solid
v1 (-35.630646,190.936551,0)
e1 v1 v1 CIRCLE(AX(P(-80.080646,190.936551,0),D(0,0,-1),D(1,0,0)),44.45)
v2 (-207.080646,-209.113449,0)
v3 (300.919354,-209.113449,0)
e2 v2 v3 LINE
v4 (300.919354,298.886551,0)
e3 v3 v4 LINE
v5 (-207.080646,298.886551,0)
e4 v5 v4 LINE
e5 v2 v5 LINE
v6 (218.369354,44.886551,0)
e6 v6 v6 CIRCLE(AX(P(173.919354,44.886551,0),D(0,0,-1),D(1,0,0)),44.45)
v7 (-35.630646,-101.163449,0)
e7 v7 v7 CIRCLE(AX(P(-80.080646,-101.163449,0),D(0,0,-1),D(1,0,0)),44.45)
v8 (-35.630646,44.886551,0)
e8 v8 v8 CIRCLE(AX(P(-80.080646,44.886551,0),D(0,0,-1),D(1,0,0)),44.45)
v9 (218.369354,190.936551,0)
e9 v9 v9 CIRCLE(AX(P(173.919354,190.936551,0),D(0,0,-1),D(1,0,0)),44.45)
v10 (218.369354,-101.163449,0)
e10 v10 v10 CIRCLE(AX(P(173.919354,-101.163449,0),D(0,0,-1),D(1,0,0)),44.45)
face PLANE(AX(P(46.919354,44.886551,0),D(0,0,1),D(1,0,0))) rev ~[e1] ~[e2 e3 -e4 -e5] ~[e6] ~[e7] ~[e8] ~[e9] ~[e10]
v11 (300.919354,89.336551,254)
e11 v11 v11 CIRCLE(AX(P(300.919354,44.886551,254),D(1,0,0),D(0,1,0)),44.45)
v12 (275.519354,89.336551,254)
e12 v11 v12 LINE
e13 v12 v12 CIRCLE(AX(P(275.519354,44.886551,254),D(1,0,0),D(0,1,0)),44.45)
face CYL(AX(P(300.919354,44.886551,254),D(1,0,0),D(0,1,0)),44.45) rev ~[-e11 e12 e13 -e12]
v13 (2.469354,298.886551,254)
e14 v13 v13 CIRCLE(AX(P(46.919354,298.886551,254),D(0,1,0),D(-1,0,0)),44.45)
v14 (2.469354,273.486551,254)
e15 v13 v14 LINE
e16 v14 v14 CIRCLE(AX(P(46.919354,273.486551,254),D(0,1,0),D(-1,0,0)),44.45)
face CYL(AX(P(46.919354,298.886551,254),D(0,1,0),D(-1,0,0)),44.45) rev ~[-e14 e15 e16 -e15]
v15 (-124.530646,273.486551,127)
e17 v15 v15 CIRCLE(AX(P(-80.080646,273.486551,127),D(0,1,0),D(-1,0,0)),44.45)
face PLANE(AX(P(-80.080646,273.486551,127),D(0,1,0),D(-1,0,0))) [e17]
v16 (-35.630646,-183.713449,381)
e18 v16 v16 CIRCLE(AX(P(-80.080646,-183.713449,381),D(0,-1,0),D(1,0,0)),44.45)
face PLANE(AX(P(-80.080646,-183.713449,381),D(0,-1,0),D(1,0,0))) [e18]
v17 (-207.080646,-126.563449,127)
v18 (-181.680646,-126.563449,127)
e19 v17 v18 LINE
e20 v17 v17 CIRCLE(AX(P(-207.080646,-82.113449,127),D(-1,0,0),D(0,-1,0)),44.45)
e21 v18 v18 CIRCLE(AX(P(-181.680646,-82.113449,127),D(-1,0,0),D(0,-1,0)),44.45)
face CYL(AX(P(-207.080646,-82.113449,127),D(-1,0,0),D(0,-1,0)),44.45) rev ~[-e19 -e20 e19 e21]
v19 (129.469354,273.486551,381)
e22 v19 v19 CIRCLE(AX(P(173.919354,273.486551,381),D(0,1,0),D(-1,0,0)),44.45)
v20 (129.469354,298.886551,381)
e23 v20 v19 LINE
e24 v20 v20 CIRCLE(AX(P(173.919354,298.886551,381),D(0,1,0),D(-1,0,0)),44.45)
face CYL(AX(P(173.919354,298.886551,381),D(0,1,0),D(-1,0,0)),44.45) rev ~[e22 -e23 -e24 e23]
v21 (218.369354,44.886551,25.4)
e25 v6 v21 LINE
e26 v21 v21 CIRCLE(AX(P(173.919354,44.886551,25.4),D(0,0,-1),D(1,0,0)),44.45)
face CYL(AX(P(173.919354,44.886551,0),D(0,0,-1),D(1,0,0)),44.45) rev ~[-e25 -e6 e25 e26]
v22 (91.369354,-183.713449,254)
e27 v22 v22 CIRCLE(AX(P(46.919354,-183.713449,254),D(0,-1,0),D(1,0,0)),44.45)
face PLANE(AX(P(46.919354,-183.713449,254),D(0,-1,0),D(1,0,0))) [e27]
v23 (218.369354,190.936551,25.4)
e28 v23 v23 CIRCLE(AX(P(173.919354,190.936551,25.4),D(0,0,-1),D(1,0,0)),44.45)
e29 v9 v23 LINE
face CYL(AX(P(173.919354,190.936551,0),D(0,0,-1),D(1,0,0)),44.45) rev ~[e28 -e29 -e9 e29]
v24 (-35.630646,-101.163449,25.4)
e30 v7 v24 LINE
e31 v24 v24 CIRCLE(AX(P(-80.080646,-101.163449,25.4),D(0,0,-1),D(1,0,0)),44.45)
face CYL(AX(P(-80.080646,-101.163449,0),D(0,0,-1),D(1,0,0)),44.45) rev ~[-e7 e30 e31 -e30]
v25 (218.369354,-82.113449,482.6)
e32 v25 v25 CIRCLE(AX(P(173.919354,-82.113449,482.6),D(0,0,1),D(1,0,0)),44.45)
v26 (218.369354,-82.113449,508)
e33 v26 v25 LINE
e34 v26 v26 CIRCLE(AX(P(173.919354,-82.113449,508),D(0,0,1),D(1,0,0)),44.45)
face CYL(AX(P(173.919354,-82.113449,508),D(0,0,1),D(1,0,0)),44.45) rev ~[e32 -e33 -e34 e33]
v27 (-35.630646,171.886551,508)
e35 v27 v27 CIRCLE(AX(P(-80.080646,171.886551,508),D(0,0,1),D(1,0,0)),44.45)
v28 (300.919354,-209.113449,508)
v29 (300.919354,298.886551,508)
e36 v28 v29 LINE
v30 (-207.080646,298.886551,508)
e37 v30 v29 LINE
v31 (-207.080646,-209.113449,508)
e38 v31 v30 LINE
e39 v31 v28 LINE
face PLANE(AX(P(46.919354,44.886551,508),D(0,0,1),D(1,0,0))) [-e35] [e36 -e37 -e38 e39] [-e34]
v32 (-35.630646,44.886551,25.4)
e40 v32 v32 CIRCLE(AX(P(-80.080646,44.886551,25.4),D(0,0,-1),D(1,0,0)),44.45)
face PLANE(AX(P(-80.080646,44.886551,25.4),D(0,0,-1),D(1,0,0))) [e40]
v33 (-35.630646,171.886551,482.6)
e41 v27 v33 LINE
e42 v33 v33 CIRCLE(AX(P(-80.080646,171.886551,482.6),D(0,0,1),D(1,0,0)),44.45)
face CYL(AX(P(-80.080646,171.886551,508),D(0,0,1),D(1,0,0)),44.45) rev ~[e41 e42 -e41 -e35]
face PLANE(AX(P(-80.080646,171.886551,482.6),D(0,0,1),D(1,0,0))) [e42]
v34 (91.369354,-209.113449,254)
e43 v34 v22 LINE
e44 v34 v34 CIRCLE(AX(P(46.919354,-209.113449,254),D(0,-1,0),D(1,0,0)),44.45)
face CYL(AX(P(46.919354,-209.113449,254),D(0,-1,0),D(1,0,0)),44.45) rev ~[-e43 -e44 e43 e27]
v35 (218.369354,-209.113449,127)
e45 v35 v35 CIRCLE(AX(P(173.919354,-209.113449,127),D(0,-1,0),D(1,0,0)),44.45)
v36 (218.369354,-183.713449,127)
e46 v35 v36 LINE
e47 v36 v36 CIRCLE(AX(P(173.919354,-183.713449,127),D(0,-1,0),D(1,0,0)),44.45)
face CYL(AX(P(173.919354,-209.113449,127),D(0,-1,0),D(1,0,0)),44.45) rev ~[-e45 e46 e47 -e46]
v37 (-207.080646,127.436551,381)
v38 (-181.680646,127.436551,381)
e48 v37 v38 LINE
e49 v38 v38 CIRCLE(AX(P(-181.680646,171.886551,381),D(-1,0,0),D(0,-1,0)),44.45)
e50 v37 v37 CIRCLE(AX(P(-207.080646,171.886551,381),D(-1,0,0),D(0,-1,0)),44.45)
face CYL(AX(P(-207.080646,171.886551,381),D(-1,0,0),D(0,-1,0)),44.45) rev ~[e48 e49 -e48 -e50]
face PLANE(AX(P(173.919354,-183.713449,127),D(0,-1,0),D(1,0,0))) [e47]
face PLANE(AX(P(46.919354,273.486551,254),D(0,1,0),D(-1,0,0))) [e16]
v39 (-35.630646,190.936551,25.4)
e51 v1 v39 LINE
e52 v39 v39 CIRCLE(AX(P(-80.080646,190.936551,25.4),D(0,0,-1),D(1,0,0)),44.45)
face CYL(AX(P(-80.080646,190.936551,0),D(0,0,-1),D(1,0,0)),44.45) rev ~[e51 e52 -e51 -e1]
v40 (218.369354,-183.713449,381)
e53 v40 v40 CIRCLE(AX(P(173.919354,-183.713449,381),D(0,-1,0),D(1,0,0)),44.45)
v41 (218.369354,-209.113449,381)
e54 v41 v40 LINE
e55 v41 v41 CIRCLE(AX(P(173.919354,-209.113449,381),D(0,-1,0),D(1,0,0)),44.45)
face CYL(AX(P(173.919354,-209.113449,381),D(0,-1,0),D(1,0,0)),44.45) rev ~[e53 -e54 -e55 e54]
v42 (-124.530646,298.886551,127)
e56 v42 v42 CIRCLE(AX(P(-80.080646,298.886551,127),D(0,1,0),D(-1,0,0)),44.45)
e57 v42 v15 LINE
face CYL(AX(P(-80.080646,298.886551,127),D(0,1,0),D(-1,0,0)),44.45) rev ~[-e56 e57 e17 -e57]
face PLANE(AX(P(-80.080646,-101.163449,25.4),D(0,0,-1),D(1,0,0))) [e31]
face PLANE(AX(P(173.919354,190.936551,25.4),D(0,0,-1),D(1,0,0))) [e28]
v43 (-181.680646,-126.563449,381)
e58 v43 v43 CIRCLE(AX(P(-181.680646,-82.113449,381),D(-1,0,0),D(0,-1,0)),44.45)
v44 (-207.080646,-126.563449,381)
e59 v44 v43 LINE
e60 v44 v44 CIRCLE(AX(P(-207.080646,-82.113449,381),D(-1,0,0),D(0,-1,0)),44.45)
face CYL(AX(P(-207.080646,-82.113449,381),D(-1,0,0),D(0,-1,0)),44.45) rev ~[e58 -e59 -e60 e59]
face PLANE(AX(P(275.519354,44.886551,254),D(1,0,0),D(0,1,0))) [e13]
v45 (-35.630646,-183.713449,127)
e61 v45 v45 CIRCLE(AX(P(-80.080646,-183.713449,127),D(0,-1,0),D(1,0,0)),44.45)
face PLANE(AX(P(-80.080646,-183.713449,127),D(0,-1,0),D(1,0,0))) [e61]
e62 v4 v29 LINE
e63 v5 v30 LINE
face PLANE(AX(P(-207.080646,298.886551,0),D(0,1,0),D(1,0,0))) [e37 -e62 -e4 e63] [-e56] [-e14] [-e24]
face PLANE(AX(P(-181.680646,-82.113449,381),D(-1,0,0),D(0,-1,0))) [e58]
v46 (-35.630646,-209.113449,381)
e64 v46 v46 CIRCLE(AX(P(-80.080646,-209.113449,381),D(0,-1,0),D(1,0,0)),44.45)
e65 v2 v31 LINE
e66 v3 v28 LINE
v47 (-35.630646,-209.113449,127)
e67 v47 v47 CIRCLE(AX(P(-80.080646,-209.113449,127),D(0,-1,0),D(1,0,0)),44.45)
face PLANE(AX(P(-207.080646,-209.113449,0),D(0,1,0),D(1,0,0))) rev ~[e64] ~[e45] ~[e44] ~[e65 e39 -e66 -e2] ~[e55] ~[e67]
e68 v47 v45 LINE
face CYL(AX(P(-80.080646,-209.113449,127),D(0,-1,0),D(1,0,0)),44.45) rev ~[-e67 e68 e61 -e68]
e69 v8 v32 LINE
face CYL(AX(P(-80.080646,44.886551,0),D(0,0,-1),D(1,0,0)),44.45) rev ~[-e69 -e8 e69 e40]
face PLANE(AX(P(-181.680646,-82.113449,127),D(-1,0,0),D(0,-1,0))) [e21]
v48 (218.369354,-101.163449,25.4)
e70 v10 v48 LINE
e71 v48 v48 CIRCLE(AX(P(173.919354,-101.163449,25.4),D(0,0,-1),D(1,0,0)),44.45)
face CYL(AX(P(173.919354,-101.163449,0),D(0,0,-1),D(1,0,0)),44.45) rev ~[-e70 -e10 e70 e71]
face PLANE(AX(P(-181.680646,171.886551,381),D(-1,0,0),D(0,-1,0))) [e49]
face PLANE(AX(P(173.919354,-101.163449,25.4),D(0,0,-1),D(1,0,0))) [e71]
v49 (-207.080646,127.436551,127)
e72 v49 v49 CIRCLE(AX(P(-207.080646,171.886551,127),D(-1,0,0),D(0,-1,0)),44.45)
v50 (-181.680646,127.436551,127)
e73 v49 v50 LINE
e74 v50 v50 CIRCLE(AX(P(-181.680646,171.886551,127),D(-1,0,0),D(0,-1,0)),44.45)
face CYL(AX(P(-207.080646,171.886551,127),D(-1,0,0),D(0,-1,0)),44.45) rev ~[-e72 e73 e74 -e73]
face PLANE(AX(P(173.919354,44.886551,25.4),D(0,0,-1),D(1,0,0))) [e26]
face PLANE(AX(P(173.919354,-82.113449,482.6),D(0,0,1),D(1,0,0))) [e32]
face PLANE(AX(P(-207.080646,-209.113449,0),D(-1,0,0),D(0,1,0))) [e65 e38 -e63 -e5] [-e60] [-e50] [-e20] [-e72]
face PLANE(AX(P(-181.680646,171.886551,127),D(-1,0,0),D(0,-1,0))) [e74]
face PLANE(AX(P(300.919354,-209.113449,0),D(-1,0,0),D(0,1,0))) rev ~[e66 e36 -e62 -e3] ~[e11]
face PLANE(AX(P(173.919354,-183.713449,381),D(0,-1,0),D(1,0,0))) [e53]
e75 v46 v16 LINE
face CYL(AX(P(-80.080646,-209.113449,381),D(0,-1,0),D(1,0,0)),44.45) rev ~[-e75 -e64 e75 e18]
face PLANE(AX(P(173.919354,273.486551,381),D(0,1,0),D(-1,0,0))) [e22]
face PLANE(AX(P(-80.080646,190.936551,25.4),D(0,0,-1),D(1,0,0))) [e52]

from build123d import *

# Parameters (mm, degrees)
F0_W      = 508
F0_H      = 508
F1_DEPTH  = 508
F2_R      = 44.45
F3_DEPTH  = 25.4
F4_R      = 44.45
F5_DEPTH  = 25.4
F6_R      = 44.45
F7_DEPTH  = 25.4
F8_R      = 44.45
F9_DEPTH  = 25.4
F10_R     = 44.45
F11_DEPTH = 25.4
F12_R     = 44.45
F13_DEPTH = 25.4


with BuildPart() as f1:
    # F0 (on Top) → F1 (new body)
    with BuildSketch(Plane.XY):
        with Locations((46.919354, 44.886551)):
            Rectangle(F0_W, F0_H)
    extrude(amount=F1_DEPTH)

    # F2 (on face) → F3 (cut)
    with BuildSketch(Plane(origin=(-207.080646, 0, 0), x_dir=(0, -1, 0), z_dir=(-1, 0, 0))):
        with Locations((-171.886551, 127)):
            Circle(F2_R)
        with Locations((-171.886551, 381)):
            Circle(F2_R)
        with Locations((82.113449, 381)):
            Circle(F2_R)
        with Locations((82.113449, 127)):
            Circle(F2_R)
    extrude(amount=-F3_DEPTH, mode=Mode.SUBTRACT)

    # F4 (on face) → F5 (cut)
    with BuildSketch(Plane(origin=(0, 0, 0), x_dir=(1, 0, 0), z_dir=(0, 0, -1))):
        with Locations((-80.080646, 101.163449)):
            Circle(F4_R)
        with Locations((-80.080646, -190.936551)):
            Circle(F4_R)
        with Locations((173.919354, 101.163449)):
            Circle(F4_R)
        with Locations((-80.080646, -44.886551)):
            Circle(F4_R)
        with Locations((173.919354, -44.886551)):
            Circle(F4_R)
        with Locations((173.919354, -190.936551)):
            Circle(F4_R)
    extrude(amount=-F5_DEPTH, mode=Mode.SUBTRACT)

    # F6 (on face) → F7 (cut)
    with BuildSketch(Plane(origin=(0, 298.886551, 0), x_dir=(-1, 0, 0), z_dir=(0, 1, 0))):
        with Locations((80.080646, 127)):
            Circle(F6_R)
        with Locations((-173.919354, 381)):
            Circle(F6_R)
        with Locations((-46.919354, 254)):
            Circle(F6_R)
    extrude(amount=-F7_DEPTH, mode=Mode.SUBTRACT)

    # F8 (on face) → F9 (cut)
    with BuildSketch(Plane.XZ.offset(209.113449)):
        with Locations((-80.080646, 127)):
            Circle(F8_R)
        with Locations((-80.080646, 381)):
            Circle(F8_R)
        with Locations((46.919354, 254)):
            Circle(F8_R)
        with Locations((173.919354, 127)):
            Circle(F8_R)
        with Locations((173.919354, 381)):
            Circle(F8_R)
    extrude(amount=-F9_DEPTH, mode=Mode.SUBTRACT)

    # F10 (on face) → F11 (cut)
    with BuildSketch(Plane.YZ.offset(300.919354)):
        with Locations((44.886551, 254)):
            Circle(F10_R)
    extrude(amount=-F11_DEPTH, mode=Mode.SUBTRACT)

    # F12 (on face) → F13 (cut)
    with BuildSketch(Plane.XY.offset(508)):
        with Locations((173.919354, -82.113449)):
            Circle(F12_R)
        with Locations((-80.080646, 171.886551)):
            Circle(F12_R)
    extrude(amount=-F13_DEPTH, mode=Mode.SUBTRACT)


solid = f1.part
